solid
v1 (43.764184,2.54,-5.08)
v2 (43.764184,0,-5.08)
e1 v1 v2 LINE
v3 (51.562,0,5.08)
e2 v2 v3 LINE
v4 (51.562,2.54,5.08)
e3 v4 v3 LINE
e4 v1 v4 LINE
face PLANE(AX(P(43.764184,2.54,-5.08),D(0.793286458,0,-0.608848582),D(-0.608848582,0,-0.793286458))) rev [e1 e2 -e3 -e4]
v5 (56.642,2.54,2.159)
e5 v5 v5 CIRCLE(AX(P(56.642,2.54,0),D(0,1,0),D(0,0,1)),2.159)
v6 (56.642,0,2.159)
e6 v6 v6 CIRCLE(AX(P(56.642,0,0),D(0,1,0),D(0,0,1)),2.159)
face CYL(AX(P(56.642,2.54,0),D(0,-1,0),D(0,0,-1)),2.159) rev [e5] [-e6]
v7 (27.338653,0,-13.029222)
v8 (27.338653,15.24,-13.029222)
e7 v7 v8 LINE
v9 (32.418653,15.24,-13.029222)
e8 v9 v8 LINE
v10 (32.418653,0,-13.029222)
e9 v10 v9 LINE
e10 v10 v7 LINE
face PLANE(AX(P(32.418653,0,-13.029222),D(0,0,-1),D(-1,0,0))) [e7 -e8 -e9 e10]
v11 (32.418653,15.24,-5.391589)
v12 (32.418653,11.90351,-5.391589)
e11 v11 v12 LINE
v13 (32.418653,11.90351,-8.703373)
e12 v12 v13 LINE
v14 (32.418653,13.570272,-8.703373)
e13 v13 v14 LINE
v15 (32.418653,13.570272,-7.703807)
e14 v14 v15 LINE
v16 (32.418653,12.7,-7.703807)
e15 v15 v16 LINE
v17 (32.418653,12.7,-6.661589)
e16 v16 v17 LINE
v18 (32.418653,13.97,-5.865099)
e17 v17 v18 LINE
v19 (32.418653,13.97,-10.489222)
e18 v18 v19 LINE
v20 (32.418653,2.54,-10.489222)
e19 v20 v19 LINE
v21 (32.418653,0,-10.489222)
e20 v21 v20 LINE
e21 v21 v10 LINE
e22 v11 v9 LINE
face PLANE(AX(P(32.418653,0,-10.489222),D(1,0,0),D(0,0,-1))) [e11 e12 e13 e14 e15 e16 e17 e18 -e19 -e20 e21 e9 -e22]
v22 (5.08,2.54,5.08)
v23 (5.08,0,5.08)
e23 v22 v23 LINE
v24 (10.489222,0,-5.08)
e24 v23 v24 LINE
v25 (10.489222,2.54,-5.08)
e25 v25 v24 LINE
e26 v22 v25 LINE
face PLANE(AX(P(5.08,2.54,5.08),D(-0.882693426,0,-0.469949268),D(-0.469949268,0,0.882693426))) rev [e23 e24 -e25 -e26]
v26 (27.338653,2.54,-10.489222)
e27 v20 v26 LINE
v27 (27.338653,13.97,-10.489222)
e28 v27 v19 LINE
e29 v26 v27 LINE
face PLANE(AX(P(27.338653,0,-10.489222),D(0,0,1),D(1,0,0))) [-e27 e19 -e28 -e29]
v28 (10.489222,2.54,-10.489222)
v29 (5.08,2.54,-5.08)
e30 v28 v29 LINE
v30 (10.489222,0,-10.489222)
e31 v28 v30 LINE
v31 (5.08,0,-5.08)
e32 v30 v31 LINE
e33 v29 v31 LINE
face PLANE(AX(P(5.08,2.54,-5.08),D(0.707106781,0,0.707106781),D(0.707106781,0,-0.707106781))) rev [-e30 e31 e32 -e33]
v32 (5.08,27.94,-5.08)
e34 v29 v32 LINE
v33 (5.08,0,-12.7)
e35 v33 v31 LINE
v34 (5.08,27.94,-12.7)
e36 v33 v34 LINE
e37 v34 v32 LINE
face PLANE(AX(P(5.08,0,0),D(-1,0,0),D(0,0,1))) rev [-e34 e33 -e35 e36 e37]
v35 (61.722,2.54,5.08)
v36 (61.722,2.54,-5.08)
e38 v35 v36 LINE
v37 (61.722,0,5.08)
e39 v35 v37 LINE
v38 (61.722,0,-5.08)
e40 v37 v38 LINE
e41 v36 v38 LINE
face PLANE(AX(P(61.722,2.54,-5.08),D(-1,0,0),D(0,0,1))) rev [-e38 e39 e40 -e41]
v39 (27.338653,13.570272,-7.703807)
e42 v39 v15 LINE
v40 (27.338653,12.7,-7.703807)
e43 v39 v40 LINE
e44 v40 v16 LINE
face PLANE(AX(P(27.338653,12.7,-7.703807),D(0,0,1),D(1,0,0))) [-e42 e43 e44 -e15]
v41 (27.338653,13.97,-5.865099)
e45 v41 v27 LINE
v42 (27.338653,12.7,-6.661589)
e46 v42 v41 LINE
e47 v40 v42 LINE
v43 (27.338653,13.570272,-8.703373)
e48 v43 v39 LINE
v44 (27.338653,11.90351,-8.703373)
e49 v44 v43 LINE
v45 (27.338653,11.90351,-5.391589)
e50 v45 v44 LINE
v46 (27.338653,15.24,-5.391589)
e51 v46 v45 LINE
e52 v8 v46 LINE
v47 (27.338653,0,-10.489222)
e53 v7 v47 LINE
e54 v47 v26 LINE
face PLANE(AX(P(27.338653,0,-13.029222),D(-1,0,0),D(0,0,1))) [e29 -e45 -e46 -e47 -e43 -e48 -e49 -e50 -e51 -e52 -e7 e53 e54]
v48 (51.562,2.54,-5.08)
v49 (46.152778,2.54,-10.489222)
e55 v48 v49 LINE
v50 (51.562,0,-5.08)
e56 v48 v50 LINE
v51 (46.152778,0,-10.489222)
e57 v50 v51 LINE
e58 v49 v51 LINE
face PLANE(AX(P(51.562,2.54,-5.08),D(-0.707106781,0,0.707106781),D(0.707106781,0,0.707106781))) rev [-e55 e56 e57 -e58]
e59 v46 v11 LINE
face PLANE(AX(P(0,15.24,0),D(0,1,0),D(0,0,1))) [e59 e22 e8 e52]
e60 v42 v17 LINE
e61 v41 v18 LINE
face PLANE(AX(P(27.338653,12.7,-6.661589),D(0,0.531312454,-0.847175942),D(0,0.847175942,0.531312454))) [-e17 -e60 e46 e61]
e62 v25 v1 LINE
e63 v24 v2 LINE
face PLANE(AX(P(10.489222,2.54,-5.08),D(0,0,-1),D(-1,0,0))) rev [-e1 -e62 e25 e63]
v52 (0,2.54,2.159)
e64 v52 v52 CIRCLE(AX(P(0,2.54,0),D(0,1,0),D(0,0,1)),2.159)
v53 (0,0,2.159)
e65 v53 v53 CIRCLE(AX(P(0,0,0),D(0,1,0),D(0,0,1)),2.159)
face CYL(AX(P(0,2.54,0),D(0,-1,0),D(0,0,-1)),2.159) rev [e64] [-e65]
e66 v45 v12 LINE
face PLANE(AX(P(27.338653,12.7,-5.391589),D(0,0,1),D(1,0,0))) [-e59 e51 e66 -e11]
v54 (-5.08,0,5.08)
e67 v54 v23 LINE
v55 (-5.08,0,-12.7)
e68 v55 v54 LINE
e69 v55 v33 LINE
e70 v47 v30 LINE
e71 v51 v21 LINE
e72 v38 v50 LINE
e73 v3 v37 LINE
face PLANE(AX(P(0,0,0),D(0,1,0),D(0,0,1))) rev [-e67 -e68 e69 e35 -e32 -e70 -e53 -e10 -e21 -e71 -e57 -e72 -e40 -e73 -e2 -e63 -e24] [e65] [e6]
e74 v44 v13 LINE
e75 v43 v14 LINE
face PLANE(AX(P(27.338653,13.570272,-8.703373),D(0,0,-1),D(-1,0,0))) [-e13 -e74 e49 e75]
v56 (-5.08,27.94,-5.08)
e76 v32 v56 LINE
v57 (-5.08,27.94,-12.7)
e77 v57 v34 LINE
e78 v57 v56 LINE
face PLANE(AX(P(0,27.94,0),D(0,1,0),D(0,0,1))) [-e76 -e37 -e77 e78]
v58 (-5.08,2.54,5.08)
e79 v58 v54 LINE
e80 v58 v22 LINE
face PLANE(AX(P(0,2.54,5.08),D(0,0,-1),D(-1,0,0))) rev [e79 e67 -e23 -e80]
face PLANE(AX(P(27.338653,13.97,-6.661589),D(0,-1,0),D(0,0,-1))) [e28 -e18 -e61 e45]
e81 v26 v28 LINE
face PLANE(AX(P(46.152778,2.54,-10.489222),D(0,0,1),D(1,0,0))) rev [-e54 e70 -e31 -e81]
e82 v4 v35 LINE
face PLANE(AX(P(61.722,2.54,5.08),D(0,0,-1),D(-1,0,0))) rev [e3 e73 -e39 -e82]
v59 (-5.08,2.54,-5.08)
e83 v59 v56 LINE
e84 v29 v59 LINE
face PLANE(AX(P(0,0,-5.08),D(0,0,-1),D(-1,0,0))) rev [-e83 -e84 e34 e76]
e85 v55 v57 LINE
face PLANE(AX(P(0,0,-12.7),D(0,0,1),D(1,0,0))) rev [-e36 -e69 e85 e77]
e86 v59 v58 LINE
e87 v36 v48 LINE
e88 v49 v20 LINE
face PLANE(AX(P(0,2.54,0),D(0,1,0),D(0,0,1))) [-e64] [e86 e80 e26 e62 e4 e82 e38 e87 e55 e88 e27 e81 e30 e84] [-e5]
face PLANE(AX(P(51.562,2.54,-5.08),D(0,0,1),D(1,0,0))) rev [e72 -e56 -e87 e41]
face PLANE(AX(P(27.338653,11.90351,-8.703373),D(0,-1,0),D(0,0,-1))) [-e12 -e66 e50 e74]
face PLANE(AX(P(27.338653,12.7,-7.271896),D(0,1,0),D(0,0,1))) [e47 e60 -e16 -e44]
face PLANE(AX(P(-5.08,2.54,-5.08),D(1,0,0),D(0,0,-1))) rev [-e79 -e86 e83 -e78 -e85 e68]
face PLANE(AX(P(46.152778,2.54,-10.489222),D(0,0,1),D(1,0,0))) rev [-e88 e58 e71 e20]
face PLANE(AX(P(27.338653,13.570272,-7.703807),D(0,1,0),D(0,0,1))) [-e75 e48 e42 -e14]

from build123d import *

# Parameters (mm, degrees)
SKETCH1_R                = 2.159
BOSS_EXTRUDE2_DEPTH      = 2.54
BOSS_EXTRUDE5_DEPTH      = 25.4
BOSS_EXTRUDE5_DEPTH_BACK = 2.54
BOSS_EXTRUDE8_DEPTH      = 12.7
BOSS_EXTRUDE8_DEPTH_BACK = 2.54
SKETCH4_W                = 5.08
SKETCH4_H                = 2.54
BOSS_EXTRUDE9_DEPTH      = 5.08


with BuildPart() as part:
    # Sketch1 → Boss-Extrude2 (new body)
    with BuildSketch(Plane(origin=(0, 0, 0), x_dir=(1, 0, 0), z_dir=(0, 1, 0))):
        Polygon((0, -5.08), (5.08, -5.08), (10.489221848, 5.08), (43.764184298, 5.08), (51.562, -5.08), (61.722, -5.08), (61.722, 5.08), (56.642, 5.08), (51.562, 5.08), (46.152778152, 10.489221848), (10.489221848, 10.489221848), (5.08, 5.08), (-5.08, 5.08), (-5.08, -5.08), align=None)
        Circle(SKETCH1_R, mode=Mode.SUBTRACT)
        with Locations((56.642, 0)):
            Circle(SKETCH1_R, mode=Mode.SUBTRACT)
    extrude(amount=BOSS_EXTRUDE2_DEPTH)

    # Sketch3 → Boss-Extrude5 (add, two sides: drawn at the far end of the back side and taken through both)
    with BuildSketch(Plane(origin=(0, 2.54, 0), x_dir=(1, 0, 0), z_dir=(0, 1, 0)).offset(-BOSS_EXTRUDE5_DEPTH_BACK)):
        Polygon((-5.08, 5.08), (5.08, 5.08), (5.08, 12.7), (0, 12.7), (-5.08, 12.7), align=None)
    extrude(amount=BOSS_EXTRUDE5_DEPTH + BOSS_EXTRUDE5_DEPTH_BACK)

    # Sketch4 → Boss-Extrude8 (add, two sides: drawn at the far end of the back side and taken through both)
    with BuildSketch(Plane(origin=(0, 2.54, 0), x_dir=(1, 0, 0), z_dir=(0, 1, 0)).offset(-BOSS_EXTRUDE8_DEPTH_BACK)):
        with Locations((29.878652905, 11.759221848)):
            Rectangle(SKETCH4_W, SKETCH4_H)
    extrude(amount=BOSS_EXTRUDE8_DEPTH + BOSS_EXTRUDE8_DEPTH_BACK)

    # Sketch7 → Boss-Extrude9 (add)
    with BuildSketch(Plane(origin=(32.418652905, 0, 0), x_dir=(0, 0, -1), z_dir=(1, 0, 0))):
        Polygon((10.489221848, 15.24), (5.391589044, 15.24), (5.391589044, 12.7), (5.391589044, 11.903510412), (7.271896049, 11.903510412), (8.703373283, 11.903510412), (8.703373283, 13.570272135), (7.703807283, 13.570272135), (7.703807283, 12.7), (7.271896049, 12.7), (6.661589044, 12.7), (5.865099456, 13.97), (6.661589044, 13.97), (10.489221848, 13.97), align=None)
    extrude(amount=-BOSS_EXTRUDE9_DEPTH)


solid = part.part
